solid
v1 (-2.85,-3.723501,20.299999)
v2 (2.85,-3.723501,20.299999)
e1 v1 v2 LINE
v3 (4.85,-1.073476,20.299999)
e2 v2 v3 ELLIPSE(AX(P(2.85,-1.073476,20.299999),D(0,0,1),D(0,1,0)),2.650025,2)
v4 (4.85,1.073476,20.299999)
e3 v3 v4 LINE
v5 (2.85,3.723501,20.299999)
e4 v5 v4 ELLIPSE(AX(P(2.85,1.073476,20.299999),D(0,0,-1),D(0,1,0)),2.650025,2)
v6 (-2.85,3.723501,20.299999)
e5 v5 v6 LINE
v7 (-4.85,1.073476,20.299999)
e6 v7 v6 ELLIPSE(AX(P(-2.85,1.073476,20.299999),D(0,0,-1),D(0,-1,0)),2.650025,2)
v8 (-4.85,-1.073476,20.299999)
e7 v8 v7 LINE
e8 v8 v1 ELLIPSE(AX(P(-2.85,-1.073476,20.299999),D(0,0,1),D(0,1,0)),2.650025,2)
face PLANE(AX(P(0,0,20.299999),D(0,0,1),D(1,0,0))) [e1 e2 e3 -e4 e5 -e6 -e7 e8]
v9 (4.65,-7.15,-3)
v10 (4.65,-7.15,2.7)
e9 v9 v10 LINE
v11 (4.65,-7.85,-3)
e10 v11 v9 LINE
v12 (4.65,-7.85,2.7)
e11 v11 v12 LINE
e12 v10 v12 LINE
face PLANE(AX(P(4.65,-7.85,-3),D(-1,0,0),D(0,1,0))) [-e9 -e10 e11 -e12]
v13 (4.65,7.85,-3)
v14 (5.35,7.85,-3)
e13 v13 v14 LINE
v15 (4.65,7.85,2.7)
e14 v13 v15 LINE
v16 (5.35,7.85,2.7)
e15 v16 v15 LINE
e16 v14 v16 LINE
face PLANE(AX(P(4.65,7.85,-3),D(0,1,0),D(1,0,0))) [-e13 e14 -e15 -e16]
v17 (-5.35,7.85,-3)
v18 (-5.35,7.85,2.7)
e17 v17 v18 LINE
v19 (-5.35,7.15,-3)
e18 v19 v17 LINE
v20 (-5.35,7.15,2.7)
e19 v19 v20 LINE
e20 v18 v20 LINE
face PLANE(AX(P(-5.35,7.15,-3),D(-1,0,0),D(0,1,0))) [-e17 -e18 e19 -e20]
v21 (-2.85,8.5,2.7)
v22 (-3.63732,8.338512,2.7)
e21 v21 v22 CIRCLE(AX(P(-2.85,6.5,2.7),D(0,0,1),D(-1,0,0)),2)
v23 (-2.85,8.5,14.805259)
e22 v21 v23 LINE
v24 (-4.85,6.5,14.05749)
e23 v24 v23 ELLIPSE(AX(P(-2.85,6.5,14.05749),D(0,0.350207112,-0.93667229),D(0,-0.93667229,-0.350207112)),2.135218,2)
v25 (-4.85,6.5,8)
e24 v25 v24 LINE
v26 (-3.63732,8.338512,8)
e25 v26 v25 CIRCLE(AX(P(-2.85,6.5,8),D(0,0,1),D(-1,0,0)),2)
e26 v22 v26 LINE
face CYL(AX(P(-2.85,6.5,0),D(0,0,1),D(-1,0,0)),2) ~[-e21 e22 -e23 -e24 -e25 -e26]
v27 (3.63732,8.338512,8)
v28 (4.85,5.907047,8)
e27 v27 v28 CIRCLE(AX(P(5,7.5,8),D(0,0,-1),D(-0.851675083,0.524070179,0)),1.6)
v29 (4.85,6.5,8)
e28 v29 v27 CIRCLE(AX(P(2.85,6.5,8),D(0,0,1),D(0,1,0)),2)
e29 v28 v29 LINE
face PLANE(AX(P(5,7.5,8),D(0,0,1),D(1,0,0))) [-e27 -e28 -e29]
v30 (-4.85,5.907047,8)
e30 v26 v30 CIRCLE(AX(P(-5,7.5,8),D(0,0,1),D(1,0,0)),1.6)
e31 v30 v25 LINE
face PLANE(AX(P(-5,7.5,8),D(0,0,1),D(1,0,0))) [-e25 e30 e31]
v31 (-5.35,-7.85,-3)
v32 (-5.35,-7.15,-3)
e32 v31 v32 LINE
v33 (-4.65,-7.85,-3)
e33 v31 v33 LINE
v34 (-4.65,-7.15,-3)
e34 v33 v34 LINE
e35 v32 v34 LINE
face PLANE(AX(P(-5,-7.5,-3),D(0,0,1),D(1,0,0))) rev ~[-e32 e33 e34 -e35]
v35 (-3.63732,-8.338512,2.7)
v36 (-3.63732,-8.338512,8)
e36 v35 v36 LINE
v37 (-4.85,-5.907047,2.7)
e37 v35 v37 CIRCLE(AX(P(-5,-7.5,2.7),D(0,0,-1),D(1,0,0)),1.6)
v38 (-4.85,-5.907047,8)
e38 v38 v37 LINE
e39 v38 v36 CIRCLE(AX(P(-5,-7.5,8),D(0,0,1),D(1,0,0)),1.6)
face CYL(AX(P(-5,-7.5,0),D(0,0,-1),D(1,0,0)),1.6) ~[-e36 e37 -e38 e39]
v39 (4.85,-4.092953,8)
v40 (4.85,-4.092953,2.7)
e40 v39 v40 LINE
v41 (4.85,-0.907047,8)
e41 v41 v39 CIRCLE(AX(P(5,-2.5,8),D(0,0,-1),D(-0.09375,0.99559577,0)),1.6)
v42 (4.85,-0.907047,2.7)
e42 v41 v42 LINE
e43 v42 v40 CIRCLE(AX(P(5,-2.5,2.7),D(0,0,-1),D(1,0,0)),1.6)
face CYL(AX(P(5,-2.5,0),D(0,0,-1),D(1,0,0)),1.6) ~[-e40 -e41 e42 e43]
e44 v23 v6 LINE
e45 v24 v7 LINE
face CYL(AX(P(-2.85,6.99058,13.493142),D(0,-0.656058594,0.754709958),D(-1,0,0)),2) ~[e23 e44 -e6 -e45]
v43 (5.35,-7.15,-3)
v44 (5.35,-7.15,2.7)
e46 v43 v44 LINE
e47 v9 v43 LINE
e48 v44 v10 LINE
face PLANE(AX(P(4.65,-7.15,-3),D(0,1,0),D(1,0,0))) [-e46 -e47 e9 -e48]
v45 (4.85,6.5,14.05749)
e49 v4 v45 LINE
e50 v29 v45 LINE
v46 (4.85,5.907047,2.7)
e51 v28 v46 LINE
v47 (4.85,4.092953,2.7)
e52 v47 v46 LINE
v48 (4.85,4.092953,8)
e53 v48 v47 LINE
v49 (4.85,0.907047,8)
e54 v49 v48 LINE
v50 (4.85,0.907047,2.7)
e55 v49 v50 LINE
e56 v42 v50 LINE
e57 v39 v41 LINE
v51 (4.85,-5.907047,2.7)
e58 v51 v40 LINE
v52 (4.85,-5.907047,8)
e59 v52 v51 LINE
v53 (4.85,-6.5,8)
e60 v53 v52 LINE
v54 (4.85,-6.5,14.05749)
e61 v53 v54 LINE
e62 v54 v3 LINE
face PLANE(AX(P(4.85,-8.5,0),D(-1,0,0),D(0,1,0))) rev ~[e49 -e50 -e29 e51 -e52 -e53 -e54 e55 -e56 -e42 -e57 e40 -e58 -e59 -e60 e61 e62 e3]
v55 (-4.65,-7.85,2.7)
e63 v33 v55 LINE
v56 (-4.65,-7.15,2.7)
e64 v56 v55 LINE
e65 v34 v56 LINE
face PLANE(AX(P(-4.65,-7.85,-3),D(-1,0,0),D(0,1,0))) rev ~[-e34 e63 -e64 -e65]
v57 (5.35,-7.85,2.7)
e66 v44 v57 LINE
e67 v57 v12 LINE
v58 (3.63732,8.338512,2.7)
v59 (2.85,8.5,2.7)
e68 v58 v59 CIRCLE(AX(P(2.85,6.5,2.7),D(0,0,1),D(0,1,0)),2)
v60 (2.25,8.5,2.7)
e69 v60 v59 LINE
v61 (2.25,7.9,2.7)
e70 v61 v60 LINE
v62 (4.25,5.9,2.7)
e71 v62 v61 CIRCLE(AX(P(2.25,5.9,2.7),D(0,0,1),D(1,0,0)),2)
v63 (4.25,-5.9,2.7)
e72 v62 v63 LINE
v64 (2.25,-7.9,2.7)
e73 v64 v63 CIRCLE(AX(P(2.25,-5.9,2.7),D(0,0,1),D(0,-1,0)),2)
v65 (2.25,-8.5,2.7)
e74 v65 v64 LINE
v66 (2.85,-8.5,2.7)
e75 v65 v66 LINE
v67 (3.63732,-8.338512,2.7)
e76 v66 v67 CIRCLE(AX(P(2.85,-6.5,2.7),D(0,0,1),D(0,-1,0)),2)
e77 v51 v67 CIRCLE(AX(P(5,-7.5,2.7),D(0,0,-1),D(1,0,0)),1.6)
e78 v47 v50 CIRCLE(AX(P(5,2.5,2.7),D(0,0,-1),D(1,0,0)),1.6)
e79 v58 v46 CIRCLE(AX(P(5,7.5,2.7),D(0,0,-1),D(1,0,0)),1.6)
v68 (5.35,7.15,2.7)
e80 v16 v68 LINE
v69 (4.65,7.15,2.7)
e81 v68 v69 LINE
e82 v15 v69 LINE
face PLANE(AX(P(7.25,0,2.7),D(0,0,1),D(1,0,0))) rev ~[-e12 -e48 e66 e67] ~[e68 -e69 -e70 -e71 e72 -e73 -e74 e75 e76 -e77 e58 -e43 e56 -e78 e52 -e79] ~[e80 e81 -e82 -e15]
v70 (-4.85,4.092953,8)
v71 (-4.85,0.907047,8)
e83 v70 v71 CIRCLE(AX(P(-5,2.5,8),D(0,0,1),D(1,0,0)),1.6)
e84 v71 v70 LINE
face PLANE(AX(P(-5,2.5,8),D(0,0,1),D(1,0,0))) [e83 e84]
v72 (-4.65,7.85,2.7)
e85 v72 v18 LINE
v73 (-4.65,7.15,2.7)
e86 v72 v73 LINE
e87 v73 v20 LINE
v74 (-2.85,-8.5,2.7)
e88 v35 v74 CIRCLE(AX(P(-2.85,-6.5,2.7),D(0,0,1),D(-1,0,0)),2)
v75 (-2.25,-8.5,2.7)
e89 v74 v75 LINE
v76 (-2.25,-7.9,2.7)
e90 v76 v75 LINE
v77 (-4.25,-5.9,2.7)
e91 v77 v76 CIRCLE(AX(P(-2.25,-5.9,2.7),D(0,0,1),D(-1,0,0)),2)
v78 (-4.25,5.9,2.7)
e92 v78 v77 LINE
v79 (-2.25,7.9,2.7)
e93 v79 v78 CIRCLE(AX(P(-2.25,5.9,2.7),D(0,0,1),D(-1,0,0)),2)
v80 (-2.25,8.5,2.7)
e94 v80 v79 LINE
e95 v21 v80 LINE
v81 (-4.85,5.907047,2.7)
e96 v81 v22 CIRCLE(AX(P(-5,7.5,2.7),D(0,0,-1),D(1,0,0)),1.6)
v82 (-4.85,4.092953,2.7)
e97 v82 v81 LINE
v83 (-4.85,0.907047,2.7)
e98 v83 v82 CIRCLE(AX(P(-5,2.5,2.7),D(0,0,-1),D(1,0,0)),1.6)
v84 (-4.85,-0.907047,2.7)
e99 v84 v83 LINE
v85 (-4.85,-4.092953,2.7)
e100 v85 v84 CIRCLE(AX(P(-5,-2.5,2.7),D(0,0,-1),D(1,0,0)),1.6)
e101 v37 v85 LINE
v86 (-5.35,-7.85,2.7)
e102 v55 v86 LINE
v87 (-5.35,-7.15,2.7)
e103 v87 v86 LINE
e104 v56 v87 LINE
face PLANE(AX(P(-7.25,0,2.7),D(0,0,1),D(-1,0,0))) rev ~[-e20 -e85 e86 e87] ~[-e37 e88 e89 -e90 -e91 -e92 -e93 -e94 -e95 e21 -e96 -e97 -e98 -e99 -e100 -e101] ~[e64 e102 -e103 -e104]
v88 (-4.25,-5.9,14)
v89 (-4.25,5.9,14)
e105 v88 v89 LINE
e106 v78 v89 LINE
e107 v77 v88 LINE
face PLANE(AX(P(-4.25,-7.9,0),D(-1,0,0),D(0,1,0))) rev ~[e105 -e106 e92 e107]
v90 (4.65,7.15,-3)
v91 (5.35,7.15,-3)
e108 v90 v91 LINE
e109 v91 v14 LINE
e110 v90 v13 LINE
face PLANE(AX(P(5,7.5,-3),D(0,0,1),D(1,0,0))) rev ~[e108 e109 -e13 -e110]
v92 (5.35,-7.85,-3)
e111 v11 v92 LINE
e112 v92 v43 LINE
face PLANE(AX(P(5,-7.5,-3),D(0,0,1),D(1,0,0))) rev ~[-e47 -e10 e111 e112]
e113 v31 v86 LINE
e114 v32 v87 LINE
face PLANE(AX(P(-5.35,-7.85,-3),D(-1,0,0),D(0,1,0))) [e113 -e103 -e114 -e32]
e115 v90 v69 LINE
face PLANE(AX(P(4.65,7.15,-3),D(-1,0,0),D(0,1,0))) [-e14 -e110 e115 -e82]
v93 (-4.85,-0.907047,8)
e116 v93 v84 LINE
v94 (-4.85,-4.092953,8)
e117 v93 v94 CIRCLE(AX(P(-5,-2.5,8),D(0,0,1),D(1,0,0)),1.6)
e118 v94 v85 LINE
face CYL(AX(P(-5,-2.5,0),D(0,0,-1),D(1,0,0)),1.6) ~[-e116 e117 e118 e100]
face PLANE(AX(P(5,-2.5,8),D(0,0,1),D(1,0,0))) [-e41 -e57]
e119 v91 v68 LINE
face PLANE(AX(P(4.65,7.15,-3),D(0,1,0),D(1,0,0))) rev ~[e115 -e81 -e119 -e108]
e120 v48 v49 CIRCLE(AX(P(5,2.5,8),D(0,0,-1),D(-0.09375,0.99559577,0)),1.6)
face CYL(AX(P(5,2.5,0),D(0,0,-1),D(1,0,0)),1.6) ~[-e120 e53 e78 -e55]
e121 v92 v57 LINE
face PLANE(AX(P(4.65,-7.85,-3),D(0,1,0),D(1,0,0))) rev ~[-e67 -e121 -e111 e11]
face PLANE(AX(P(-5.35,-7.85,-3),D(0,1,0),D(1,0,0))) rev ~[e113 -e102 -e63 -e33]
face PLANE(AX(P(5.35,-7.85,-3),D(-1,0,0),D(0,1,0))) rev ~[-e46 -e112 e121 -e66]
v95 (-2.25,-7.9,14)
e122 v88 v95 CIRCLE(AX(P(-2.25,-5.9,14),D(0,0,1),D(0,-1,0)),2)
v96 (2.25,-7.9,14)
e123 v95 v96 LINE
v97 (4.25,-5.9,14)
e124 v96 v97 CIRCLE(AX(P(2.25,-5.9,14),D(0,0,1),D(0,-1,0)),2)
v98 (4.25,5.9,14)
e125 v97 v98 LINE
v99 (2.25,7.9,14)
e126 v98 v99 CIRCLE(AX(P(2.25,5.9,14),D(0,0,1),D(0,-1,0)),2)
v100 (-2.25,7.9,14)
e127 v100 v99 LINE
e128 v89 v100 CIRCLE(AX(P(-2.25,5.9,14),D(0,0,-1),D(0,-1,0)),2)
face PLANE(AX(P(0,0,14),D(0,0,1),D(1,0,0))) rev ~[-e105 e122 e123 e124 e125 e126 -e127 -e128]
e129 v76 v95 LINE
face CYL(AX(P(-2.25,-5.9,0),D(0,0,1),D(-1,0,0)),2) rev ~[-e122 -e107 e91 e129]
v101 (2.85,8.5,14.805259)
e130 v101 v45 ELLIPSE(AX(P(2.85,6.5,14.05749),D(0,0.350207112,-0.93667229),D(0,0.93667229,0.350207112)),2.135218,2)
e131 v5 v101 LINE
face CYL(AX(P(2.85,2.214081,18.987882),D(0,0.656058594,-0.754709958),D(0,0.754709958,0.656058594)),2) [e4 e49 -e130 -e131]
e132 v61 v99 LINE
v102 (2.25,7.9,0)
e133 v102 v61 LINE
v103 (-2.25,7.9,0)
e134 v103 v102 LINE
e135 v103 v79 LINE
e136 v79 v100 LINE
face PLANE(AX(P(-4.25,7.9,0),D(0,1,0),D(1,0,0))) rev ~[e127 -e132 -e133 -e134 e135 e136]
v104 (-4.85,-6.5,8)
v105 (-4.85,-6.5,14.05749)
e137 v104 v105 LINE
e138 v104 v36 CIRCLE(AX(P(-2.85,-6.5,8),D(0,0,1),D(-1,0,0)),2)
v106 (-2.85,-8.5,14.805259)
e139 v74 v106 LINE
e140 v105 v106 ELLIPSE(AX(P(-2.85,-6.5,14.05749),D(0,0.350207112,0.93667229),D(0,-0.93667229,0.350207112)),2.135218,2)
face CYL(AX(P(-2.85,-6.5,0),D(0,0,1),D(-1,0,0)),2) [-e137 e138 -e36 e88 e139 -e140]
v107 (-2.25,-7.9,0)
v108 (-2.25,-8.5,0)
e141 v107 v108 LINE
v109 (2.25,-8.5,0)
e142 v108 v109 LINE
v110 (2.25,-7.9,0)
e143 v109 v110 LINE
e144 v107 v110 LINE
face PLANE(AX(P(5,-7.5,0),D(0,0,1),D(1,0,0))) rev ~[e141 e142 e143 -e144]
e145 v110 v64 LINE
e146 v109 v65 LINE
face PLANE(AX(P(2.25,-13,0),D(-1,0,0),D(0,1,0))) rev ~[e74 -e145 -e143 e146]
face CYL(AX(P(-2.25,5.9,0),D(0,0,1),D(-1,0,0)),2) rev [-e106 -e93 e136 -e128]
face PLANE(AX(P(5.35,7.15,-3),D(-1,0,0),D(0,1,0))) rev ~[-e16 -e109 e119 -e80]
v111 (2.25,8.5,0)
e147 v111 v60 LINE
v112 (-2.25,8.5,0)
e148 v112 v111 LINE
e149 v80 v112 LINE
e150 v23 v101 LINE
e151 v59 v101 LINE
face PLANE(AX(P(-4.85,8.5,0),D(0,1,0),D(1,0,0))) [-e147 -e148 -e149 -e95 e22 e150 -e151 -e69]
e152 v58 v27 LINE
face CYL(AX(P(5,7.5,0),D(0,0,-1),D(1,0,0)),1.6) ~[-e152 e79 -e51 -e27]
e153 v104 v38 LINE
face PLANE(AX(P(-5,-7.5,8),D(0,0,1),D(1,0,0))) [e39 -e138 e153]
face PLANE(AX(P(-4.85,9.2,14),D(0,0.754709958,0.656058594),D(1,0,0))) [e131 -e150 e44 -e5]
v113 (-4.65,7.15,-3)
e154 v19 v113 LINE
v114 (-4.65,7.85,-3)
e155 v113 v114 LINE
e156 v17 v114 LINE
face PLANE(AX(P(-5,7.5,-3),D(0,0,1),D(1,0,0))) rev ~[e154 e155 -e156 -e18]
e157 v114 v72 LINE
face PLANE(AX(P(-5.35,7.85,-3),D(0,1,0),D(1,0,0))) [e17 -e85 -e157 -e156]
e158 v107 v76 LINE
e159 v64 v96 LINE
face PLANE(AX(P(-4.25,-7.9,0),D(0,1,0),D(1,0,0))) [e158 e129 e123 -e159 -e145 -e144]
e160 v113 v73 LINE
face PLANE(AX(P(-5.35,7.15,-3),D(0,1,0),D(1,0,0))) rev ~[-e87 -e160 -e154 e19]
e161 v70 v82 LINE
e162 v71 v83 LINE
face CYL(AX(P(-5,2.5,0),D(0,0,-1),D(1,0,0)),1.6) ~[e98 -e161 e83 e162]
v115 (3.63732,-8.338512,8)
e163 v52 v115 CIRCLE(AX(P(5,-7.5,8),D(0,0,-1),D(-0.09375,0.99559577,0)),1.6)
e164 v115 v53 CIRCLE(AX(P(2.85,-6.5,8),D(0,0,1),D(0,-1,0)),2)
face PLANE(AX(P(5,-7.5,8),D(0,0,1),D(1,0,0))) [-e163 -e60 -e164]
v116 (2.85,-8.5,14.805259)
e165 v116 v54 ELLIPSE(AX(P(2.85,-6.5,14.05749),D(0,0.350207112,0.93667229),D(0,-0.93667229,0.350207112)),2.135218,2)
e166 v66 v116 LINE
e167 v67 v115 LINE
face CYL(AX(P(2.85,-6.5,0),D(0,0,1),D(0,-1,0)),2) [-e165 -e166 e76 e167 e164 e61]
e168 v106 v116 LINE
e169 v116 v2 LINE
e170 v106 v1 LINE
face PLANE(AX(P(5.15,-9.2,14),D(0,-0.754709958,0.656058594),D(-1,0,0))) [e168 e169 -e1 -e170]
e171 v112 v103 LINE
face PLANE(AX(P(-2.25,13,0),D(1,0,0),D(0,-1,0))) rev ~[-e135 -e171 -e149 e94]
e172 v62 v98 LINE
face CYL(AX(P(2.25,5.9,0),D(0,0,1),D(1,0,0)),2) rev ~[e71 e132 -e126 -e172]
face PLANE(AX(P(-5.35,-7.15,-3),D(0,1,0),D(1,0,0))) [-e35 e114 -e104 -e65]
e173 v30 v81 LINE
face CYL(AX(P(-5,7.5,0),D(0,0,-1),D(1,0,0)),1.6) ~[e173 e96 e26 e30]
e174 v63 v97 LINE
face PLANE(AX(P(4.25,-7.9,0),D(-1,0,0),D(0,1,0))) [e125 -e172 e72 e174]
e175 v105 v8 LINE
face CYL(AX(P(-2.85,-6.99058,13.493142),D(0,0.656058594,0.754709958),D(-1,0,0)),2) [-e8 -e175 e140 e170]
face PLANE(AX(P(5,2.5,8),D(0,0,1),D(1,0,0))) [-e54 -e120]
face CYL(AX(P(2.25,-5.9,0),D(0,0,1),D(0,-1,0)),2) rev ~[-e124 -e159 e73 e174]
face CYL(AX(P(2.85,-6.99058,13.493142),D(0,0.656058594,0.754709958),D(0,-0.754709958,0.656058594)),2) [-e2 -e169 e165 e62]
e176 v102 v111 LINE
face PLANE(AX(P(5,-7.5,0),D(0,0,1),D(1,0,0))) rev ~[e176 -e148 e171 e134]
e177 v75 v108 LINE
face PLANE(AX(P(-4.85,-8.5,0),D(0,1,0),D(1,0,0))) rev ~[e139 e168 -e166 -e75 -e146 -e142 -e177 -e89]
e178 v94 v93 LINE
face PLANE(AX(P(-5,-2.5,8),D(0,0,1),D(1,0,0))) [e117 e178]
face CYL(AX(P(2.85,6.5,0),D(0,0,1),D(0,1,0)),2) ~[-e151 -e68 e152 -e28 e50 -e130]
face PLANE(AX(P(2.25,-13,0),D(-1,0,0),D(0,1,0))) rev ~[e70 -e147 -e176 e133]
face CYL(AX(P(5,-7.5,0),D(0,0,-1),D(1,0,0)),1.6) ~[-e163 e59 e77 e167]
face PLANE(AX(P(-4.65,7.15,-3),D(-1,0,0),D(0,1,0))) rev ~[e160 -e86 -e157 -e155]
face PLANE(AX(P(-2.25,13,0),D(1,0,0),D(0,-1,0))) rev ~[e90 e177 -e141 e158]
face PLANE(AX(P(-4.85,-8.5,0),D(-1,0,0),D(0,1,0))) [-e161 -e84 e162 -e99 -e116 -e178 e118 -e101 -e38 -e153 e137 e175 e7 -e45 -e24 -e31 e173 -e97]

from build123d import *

# Parameters (mm, degrees)
BOX005_W               = 0.7
BOX005_H               = 0.7
BOX005_DEPTH           = 6
BOX006_W               = 0.7
BOX006_H               = 0.7
BOX006_DEPTH           = 6
BOX007_W               = 0.7
BOX007_H               = 0.7
BOX007_DEPTH           = 6
BOX004_W               = 0.7
BOX004_H               = 0.7
BOX004_DEPTH           = 6
BOX009_W               = 10
BOX009_H               = 26
BOX009_DEPTH           = 2.7
BOX010_W               = 8.5
BOX010_H               = 15.8
BOX010_DEPTH           = 14
FILLET001_R            = 2
BOX008_W               = 10
BOX008_H               = 26
BOX008_DEPTH           = 2.7
CYLINDER001_R          = 1.6
CYLINDER001_DEPTH      = 8
CYLINDER002_R          = 1.6
CYLINDER002_DEPTH      = 8
CYLINDER003_R          = 1.6
CYLINDER003_DEPTH      = 8
CYLINDER004_R          = 1.6
CYLINDER004_DEPTH      = 8
CYLINDER005_R          = 1.6
CYLINDER005_DEPTH      = 8
CYLINDER006_R          = 1.6
CYLINDER006_DEPTH      = 8
CYLINDER007_R          = 1.6
CYLINDER007_DEPTH      = 8
CYLINDER_R             = 1.6
CYLINDER_DEPTH         = 8
BOX003_W               = 10
BOX003_H               = 10
BOX003_DEPTH           = 10
BOX003_ROLL_ANGLE      = 40.999967
BOX003_PLACEMENT_ANGLE = 180
BOX002_W               = 10
BOX002_H               = 10
BOX002_DEPTH           = 10
BOX002_ROLL_ANGLE      = 40.999967
BOX001_W               = 9.7
BOX001_H               = 17
BOX001_DEPTH           = 20.299999
FILLET_R               = 2


with BuildPart() as pin001:
    # Box005 → Box005 (new body)
    with BuildSketch(Plane(origin=(-5.35, 7.15, -3), x_dir=(1, 0, 0), z_dir=(0, 0, 1))):
        with Locations((0.35, 0.35)):
            Rectangle(BOX005_W, BOX005_H)
    extrude(amount=BOX005_DEPTH)


with BuildPart() as pin002:
    # Box006 → Box006 (new body)
    with BuildSketch(Plane(origin=(-5.35, -7.85, -3), x_dir=(1, 0, 0), z_dir=(0, 0, 1))):
        with Locations((0.35, 0.35)):
            Rectangle(BOX006_W, BOX006_H)
    extrude(amount=BOX006_DEPTH)


with BuildPart() as pin003:
    # Box007 → Box007 (new body)
    with BuildSketch(Plane(origin=(4.65, -7.85, -3), x_dir=(1, 0, 0), z_dir=(0, 0, 1))):
        with Locations((0.35, 0.35)):
            Rectangle(BOX007_W, BOX007_H)
    extrude(amount=BOX007_DEPTH)


with BuildPart() as pins:
    # Box004 → Box004 (new body)
    with BuildSketch(Plane(origin=(4.65, 7.15, -3), x_dir=(1, 0, 0), z_dir=(0, 0, 1))):
        with Locations((0.35, 0.35)):
            Rectangle(BOX004_W, BOX004_H)
    extrude(amount=BOX004_DEPTH)

    # Fusion003: union Pin001, Pin002, Pin003
    add(pin001.part)
    add(pin002.part)
    add(pin003.part)


with BuildPart() as box009:
    # Box009 → Box009 (new body)
    with BuildSketch(Plane(origin=(-2.25, 13, 0), x_dir=(-1, 0, 0), z_dir=(0, 0, 1))):
        with Locations((5, 13)):
            Rectangle(BOX009_W, BOX009_H)
    extrude(amount=BOX009_DEPTH)


with BuildPart() as fillet001:
    # Box010 → Box010 (new body)
    with BuildSketch(Plane(origin=(-4.25, -7.9, 0), x_dir=(1, 0, 0), z_dir=(0, 0, 1))):
        with Locations((4.25, 7.9)):
            Rectangle(BOX010_W, BOX010_H)
    extrude(amount=BOX010_DEPTH)

    # Fillet001
    fillet001_edges = [fillet001.edges().sort_by_distance(p)[0] for p in [
        (-4.25, -7.9, 7),
        (-4.25, 7.9, 7),
        (4.25, -7.9, 7),
        (4.25, 7.9, 7),
    ]]
    fillet(fillet001_edges, radius=FILLET001_R)


with BuildPart() as fusion004:
    # Box008 → Box008 (new body)
    with BuildSketch(Plane(origin=(2.25, -13, 0), x_dir=(1, 0, 0), z_dir=(0, 0, 1))):
        with Locations((5, 13)):
            Rectangle(BOX008_W, BOX008_H)
    extrude(amount=BOX008_DEPTH)

    # Fusion004: union Box009, Fillet001
    add(box009.part)
    add(fillet001.part)


with BuildPart() as cylinder001:
    # Cylinder001 → Cylinder001 (new body)
    with BuildSketch(Plane(origin=(-5, 2.5, 0), x_dir=(1, 0, 0), z_dir=(0, 0, 1))):
        Circle(CYLINDER001_R)
    extrude(amount=CYLINDER001_DEPTH)


with BuildPart() as cylinder002:
    # Cylinder002 → Cylinder002 (new body)
    with BuildSketch(Plane(origin=(-5, -2.5, 0), x_dir=(1, 0, 0), z_dir=(0, 0, 1))):
        Circle(CYLINDER002_R)
    extrude(amount=CYLINDER002_DEPTH)


with BuildPart() as cylinder003:
    # Cylinder003 → Cylinder003 (new body)
    with BuildSketch(Plane(origin=(-5, -7.5, 0), x_dir=(1, 0, 0), z_dir=(0, 0, 1))):
        Circle(CYLINDER003_R)
    extrude(amount=CYLINDER003_DEPTH)


with BuildPart() as cylinder004:
    # Cylinder004 → Cylinder004 (new body)
    with BuildSketch(Plane(origin=(5, 7.5, 0), x_dir=(1, 0, 0), z_dir=(0, 0, 1))):
        Circle(CYLINDER004_R)
    extrude(amount=CYLINDER004_DEPTH)


with BuildPart() as cylinder005:
    # Cylinder005 → Cylinder005 (new body)
    with BuildSketch(Plane(origin=(5, 2.5, 0), x_dir=(1, 0, 0), z_dir=(0, 0, 1))):
        Circle(CYLINDER005_R)
    extrude(amount=CYLINDER005_DEPTH)


with BuildPart() as cylinder006:
    # Cylinder006 → Cylinder006 (new body)
    with BuildSketch(Plane(origin=(5, -2.5, 0), x_dir=(1, 0, 0), z_dir=(0, 0, 1))):
        Circle(CYLINDER006_R)
    extrude(amount=CYLINDER006_DEPTH)


with BuildPart() as cylinder007:
    # Cylinder007 → Cylinder007 (new body)
    with BuildSketch(Plane(origin=(5, -7.5, 0), x_dir=(1, 0, 0), z_dir=(0, 0, 1))):
        Circle(CYLINDER007_R)
    extrude(amount=CYLINDER007_DEPTH)


with BuildPart() as pinholder:
    # Cylinder → Cylinder (new body)
    with BuildSketch(Plane(origin=(-5, 7.5, 0), x_dir=(1, 0, 0), z_dir=(0, 0, 1))):
        Circle(CYLINDER_R)
    extrude(amount=CYLINDER_DEPTH)

    # Fusion001: union Cylinder001, Cylinder002, Cylinder003, Cylinder004, Cylinder005, Cylinder006, Cylinder007
    add(cylinder001.part)
    add(cylinder002.part)
    add(cylinder003.part)
    add(cylinder004.part)
    add(cylinder005.part)
    add(cylinder006.part)
    add(cylinder007.part)


with BuildPart() as box003:
    # Box003 → Box003 (new body)
    with BuildSketch(Plane.XY):
        with Locations((5, 5)):
            Rectangle(BOX003_W, BOX003_H)
    extrude(amount=BOX003_DEPTH)


with BuildPart() as box003_1:
    # Box003 roll: moved
    add(box003.part.rotate(Axis((0, 0, 0), (1, 0, 0)), BOX003_ROLL_ANGLE))


with BuildPart() as box003_2:
    # Box003 placement: moved
    add(box003_1.part.moved(Location((10, -0.7, 14))).rotate(Axis((10, -0.7, 14), (0, 0, 1)), BOX003_PLACEMENT_ANGLE))


with BuildPart() as fusion:
    # Box002 → Box002 (new body)
    with BuildSketch(Plane.XY):
        with Locations((5, 5)):
            Rectangle(BOX002_W, BOX002_H)
    extrude(amount=BOX002_DEPTH)


with BuildPart() as fusion_1:
    # Box002 roll: moved
    add(fusion.part.rotate(Axis((0, 0, 0), (1, 0, 0)), BOX002_ROLL_ANGLE))


with BuildPart() as fusion_2:
    # Box002 placement: moved
    add(fusion_1.part.moved(Location((0, 17.7, 14))))

    # Fusion: union Box003
    add(box003_2.part)


with BuildPart() as b82721k:
    # Box001 → Box001 (new body)
    with BuildSketch(Plane.XY):
        with Locations((4.85, 8.5)):
            Rectangle(BOX001_W, BOX001_H)
    extrude(amount=BOX001_DEPTH)

    # Cut: cut Fusion
    add(fusion_2.part, mode=Mode.SUBTRACT)

    # Fillet
    fillet_edges = [b82721k.edges().sort_by_distance(p)[0] for p in [
        (0, 0, 7.402629),
        (0, 2.38825, 17.552629),
        (0, 14.61175, 17.552629),
        (0, 17, 7.402629),
        (9.7, 17, 7.402629),
        (9.7, 0, 7.402629),
        (9.7, 2.38825, 17.552629),
        (9.7, 14.61175, 17.552629),
    ]]
    fillet(fillet_edges, radius=FILLET_R)


with BuildPart() as b82721k_1:
    # Fillet placement: moved
    add(b82721k.part.moved(Location((-4.85, -8.5, 0))))

    # Fusion002: union pinholder
    add(pinholder.part)

    # Cut001: cut Fusion004
    add(fusion004.part, mode=Mode.SUBTRACT)

    # Fusion005: union Pins
    add(pins.part)


solid = b82721k_1.part
